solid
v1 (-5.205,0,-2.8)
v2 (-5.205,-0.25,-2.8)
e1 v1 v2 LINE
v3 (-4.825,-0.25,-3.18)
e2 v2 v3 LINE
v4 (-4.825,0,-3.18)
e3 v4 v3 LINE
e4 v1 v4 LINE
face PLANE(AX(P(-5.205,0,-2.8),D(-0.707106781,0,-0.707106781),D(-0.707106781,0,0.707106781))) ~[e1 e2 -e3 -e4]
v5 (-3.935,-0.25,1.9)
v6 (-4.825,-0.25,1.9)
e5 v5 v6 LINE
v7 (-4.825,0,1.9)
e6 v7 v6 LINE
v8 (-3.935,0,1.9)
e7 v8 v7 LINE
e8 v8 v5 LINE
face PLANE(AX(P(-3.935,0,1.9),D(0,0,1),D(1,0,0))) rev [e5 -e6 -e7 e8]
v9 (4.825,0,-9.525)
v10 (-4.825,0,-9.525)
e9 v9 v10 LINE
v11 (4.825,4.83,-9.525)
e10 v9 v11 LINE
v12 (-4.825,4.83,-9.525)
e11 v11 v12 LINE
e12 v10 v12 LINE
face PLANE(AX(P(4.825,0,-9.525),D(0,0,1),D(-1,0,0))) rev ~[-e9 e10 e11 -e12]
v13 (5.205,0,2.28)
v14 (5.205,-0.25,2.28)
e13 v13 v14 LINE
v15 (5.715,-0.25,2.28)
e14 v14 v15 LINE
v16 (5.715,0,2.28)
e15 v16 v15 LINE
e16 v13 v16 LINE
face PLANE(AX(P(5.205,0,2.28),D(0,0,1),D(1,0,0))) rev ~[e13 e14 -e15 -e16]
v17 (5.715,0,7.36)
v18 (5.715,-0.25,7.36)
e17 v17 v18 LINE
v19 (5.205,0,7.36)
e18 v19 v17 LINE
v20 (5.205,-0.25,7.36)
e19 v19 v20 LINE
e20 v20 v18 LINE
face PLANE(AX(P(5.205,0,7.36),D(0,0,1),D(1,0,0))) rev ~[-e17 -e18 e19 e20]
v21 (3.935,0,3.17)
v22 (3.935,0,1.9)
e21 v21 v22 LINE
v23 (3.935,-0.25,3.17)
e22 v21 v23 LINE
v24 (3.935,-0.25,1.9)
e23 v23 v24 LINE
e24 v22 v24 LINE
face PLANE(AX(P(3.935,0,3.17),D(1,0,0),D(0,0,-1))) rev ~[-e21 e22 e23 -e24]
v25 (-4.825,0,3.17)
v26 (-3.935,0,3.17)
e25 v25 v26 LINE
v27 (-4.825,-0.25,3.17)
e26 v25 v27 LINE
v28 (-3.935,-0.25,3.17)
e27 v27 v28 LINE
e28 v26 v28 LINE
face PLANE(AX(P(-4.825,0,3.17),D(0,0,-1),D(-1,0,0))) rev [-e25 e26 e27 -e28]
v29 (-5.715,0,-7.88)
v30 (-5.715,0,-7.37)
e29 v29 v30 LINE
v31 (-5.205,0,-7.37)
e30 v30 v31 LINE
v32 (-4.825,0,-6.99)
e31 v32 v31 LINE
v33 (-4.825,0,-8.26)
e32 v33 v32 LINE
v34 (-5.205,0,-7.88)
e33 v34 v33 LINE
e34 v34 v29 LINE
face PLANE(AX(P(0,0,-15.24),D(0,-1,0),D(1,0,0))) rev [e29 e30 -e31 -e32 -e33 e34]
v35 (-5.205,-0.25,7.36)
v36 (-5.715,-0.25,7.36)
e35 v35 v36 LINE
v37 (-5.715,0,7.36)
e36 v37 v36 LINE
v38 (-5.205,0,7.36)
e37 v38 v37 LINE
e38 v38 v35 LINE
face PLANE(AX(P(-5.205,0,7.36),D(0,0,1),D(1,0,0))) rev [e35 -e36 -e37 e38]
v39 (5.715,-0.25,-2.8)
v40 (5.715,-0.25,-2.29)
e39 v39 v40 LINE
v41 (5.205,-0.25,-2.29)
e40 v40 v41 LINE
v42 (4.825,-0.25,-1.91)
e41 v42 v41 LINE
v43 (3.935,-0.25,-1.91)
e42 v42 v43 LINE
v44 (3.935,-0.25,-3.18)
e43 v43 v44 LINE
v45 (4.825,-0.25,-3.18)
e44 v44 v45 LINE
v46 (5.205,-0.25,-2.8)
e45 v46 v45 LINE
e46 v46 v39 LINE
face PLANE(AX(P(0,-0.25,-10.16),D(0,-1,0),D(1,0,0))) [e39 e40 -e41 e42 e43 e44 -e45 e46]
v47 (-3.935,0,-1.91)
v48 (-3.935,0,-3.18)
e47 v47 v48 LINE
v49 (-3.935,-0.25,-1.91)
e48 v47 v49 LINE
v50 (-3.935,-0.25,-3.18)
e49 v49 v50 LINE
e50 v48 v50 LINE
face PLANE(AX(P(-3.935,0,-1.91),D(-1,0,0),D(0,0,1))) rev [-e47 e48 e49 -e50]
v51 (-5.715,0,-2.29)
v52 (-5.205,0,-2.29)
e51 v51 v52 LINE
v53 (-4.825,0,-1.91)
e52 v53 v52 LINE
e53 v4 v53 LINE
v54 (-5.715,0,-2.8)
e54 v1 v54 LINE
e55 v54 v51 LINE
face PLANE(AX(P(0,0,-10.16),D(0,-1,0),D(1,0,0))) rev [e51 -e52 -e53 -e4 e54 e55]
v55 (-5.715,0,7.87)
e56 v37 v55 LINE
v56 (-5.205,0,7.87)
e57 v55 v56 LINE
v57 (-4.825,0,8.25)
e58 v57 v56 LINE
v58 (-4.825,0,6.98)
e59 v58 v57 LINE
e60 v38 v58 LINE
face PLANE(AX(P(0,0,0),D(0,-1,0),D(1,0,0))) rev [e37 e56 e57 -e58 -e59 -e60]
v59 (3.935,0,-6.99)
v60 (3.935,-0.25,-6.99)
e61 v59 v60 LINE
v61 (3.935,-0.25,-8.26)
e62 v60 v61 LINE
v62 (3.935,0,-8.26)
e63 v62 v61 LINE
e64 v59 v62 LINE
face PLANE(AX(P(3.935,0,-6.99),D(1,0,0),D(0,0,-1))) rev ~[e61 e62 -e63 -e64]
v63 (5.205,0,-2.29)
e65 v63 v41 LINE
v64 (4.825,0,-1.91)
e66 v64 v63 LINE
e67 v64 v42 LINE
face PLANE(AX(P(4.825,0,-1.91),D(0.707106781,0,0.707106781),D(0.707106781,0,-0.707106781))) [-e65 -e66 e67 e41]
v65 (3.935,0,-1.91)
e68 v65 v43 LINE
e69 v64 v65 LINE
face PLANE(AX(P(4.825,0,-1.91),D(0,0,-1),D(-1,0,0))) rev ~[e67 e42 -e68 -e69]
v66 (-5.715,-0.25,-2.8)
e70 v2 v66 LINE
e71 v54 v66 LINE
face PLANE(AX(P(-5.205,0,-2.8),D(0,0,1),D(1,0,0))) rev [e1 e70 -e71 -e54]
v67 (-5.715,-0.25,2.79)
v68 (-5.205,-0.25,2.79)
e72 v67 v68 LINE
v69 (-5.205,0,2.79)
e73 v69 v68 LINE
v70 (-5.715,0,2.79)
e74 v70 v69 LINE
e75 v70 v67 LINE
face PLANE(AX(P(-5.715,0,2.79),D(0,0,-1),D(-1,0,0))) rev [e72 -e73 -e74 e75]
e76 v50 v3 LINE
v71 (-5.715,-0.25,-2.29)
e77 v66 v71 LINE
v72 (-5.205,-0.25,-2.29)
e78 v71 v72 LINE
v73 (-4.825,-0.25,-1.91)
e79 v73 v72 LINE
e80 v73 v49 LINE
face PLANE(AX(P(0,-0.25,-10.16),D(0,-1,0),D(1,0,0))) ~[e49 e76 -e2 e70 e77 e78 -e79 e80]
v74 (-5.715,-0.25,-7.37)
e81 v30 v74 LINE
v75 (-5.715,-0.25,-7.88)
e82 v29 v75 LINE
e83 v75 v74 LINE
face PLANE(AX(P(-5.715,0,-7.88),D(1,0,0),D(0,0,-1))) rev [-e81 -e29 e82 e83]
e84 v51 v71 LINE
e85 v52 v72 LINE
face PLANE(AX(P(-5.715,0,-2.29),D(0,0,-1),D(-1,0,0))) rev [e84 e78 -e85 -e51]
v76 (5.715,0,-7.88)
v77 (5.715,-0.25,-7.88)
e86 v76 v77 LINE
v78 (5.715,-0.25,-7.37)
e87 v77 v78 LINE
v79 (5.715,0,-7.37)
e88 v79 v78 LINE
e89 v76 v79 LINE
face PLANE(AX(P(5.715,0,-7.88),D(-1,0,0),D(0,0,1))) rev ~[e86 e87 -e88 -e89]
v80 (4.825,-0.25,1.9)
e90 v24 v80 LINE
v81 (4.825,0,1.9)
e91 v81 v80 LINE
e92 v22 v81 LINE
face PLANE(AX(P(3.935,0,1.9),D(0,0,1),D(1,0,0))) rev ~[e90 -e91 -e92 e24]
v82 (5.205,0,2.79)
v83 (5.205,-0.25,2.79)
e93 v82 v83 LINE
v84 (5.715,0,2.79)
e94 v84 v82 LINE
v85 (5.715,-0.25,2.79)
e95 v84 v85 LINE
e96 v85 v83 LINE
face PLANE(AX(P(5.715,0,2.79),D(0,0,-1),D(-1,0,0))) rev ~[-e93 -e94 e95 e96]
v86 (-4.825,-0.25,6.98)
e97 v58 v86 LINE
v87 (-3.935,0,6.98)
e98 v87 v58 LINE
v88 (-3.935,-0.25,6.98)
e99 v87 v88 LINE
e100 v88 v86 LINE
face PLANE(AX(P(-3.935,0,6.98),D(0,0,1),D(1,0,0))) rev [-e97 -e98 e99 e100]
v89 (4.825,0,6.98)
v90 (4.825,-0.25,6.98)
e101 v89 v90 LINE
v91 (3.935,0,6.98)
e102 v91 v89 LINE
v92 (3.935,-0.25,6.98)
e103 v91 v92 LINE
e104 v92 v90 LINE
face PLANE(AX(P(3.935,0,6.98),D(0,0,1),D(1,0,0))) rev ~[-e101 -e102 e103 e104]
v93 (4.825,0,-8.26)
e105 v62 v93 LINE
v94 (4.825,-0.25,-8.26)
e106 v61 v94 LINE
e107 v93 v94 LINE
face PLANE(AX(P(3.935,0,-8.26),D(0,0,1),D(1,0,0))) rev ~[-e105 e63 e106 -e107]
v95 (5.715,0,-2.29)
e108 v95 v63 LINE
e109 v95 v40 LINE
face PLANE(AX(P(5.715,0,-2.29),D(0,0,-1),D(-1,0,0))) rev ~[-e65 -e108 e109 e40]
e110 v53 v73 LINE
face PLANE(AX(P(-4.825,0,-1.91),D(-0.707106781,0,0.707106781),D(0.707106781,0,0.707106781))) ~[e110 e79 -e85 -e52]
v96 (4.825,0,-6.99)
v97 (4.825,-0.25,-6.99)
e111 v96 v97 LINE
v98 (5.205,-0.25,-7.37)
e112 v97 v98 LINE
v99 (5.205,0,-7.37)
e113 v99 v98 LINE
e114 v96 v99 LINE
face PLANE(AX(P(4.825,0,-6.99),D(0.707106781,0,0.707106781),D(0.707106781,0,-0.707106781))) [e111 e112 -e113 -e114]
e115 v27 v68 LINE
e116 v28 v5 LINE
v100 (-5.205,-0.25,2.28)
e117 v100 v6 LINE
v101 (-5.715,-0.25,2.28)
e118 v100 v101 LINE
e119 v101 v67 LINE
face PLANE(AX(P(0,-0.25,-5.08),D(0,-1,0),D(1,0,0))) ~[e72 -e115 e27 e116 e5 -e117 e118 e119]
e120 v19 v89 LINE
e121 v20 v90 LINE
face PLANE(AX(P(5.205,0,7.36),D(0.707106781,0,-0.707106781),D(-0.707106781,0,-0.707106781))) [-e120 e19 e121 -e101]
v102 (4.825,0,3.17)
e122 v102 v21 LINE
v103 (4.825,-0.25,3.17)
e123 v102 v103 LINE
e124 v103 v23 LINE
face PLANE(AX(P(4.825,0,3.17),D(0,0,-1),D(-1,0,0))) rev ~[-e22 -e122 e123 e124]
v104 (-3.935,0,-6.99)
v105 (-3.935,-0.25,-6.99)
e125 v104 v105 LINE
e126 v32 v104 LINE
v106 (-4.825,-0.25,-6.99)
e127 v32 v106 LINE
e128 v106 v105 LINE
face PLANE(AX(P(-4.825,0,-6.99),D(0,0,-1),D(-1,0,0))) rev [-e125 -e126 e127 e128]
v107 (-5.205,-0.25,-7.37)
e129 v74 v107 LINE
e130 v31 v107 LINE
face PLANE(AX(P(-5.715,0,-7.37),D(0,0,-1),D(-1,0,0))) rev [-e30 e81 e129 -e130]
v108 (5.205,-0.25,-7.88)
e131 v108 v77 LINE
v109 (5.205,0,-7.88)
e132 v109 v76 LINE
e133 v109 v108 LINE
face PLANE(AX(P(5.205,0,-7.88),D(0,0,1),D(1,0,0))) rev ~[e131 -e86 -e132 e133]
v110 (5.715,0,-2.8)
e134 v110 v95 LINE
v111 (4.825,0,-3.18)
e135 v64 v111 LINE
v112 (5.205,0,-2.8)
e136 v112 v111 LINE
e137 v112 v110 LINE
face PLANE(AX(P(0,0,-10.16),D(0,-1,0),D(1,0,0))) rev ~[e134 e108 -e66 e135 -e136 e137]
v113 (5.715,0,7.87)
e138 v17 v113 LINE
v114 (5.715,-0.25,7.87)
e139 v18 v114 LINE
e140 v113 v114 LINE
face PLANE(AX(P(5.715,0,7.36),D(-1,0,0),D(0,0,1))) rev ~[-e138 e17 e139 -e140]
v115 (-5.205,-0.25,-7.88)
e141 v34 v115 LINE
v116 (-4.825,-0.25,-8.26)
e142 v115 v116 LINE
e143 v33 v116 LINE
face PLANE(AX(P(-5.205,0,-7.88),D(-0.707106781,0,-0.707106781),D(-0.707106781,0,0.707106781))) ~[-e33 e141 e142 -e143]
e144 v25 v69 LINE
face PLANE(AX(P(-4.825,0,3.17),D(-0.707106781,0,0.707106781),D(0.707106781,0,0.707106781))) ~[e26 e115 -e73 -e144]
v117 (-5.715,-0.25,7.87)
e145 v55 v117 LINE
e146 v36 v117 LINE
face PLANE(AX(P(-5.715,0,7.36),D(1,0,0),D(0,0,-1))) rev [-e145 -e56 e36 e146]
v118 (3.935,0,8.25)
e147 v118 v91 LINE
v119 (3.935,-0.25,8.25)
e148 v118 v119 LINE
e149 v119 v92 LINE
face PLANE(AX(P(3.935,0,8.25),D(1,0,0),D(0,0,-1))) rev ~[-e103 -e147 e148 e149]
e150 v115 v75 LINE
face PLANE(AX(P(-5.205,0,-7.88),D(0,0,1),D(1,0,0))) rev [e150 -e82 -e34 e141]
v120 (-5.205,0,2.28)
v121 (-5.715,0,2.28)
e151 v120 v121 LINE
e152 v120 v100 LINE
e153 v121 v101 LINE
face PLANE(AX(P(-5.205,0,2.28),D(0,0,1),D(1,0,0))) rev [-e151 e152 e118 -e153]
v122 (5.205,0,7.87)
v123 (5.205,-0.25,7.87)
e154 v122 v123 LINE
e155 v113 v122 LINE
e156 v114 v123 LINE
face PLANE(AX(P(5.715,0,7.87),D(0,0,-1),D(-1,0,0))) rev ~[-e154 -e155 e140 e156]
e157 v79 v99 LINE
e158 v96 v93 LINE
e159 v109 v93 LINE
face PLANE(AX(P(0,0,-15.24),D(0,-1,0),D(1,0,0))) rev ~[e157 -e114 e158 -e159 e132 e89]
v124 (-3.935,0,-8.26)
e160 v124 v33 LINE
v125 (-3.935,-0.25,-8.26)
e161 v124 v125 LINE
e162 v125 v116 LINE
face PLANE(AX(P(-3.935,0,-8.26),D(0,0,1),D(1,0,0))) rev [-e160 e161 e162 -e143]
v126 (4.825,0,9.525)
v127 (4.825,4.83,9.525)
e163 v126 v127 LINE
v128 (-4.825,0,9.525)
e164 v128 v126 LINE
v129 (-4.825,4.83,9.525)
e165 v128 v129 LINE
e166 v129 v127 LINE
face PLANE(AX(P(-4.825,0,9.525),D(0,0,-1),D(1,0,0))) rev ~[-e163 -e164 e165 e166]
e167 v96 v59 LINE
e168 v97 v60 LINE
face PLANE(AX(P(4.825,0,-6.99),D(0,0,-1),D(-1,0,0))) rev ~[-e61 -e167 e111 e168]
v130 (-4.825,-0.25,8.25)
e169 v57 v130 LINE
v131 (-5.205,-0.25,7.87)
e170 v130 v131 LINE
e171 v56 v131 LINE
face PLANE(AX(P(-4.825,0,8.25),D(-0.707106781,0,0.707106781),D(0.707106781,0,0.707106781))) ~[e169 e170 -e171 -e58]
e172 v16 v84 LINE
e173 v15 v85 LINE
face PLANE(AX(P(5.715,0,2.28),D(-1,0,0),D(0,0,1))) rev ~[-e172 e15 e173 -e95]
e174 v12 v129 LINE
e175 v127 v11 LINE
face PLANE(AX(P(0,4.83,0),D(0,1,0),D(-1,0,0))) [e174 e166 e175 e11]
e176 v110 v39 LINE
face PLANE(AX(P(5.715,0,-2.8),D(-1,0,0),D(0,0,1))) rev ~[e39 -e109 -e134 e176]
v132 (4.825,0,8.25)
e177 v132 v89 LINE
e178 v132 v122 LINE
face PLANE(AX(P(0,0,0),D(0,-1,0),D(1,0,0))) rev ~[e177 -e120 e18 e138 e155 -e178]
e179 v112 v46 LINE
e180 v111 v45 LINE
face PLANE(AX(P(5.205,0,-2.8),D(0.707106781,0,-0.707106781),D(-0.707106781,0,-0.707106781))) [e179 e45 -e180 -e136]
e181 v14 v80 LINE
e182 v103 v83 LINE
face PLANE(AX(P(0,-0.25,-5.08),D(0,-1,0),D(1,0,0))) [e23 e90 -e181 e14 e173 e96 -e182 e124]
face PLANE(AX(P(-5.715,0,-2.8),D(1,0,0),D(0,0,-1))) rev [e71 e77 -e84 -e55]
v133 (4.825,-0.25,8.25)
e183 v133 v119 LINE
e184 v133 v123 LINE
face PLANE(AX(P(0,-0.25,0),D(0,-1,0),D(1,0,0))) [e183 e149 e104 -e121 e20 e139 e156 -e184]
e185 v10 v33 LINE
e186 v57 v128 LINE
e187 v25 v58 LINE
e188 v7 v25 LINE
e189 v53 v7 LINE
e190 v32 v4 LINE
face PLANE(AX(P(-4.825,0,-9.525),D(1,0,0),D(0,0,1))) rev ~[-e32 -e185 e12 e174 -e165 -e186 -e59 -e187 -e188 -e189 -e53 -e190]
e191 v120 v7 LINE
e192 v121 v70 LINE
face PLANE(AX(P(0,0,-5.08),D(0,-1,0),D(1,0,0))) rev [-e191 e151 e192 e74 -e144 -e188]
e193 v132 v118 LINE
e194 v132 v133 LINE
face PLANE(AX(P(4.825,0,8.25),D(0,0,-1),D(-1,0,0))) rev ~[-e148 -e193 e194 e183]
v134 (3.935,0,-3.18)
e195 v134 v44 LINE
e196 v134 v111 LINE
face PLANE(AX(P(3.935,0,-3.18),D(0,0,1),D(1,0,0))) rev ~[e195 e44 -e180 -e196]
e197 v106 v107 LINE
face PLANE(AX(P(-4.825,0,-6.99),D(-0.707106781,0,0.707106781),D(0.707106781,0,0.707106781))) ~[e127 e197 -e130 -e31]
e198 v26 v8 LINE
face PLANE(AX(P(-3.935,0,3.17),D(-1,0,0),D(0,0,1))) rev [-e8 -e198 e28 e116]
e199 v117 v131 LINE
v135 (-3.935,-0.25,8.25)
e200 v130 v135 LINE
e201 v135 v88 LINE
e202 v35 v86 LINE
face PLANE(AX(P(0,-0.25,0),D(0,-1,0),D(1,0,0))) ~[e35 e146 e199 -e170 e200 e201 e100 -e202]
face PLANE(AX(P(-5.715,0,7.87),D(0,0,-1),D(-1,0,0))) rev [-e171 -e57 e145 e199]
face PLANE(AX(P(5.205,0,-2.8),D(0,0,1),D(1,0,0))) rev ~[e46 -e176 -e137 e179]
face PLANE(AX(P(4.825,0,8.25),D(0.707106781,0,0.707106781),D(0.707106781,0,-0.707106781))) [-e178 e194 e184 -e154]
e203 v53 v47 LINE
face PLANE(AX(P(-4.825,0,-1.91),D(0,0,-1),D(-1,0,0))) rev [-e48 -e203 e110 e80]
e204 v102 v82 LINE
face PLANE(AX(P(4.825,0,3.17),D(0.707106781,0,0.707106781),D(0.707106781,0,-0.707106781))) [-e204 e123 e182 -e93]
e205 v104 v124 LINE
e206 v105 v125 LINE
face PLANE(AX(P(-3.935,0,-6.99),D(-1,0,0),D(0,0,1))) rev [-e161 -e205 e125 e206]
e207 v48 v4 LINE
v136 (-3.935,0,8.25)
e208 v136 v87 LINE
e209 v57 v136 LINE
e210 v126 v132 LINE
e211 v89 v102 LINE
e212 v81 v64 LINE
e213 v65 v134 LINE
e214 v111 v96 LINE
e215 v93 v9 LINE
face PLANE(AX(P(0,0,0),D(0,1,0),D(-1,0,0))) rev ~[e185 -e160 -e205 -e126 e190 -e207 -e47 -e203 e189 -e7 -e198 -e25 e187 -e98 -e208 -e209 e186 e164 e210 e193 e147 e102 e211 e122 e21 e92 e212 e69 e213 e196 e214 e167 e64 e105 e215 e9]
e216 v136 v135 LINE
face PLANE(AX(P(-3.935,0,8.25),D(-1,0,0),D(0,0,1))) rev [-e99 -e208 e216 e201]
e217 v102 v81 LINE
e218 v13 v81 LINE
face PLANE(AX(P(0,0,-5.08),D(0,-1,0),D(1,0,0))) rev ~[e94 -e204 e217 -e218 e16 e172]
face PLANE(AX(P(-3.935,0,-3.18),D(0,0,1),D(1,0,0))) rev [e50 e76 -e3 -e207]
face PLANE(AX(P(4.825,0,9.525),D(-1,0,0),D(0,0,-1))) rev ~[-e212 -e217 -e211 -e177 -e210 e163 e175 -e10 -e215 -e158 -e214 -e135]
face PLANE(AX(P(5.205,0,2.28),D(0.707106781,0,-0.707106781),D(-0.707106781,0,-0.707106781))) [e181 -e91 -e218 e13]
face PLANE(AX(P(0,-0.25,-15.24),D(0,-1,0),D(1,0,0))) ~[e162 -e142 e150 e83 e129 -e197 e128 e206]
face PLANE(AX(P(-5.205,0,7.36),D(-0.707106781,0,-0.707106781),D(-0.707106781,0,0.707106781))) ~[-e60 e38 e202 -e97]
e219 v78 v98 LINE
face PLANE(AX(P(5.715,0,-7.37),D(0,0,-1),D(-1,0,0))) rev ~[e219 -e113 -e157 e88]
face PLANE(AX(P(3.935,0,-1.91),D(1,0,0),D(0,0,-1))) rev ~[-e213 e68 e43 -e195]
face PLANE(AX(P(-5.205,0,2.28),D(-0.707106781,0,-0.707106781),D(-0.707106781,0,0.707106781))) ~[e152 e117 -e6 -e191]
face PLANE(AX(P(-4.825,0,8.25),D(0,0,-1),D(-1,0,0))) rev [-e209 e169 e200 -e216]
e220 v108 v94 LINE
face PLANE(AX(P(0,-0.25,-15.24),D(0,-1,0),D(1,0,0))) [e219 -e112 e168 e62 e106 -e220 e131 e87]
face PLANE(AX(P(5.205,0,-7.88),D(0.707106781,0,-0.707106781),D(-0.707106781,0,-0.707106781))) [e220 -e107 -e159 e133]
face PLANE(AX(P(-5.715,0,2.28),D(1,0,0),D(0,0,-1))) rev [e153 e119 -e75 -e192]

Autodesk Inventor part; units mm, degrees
ref_plane "YZ Plane" through (0, 0, 0) normal (1, 0, 0) x (0, 1, 0)
ref_plane "XZ Plane" through (0, 0, 0) normal (0, 1, 0) x (-1, 0, 0)
ref_plane "XY Plane" through (0, 0, 0) normal (0, 0, 1) x (1, 0, 0)
sketch "Sketch1" plane through (0, 0, 0) normal (0, 1, 0) x (-1, 0, 0)
  line L0 (4.825, 9.525) -> (-4.825, 9.525)
  line L1 (-4.825, 9.525) -> (-4.825, -9.525)
  line L2 (-4.825, -9.525) -> (4.825, -9.525)
  line L3 (4.825, -9.525) -> (4.825, 9.525)
  point P0 (0, 0)
  dimension "d0" = 9.65
  dimension "d1" = 4.825
  dimension "d2" = 19.05
  dimension "d3" = 9.525
extrude "Extrusion1" add sketch "Sketch1" along normal blind 4.83
sketch "Sketch2" plane through (0, 0, 0) normal (0, -1, 0) x (1, 0, 0)
  line L0 (5.715, 8.25) -> (3.935, 8.25)
  line L1 (3.935, 8.25) -> (3.935, 6.98)
  line L2 (3.935, 6.98) -> (5.715, 6.98)
  line L3 (5.715, 6.98) -> (5.715, 8.25)
  line L4 (-4.825, 9.525) -> (4.825, 9.525) projected
  line L5 (4.825, 9.525) -> (4.825, -9.525) projected
  line L6 (5.715, 7.87) -> (5.205, 7.87)
  line L7 (5.205, 7.36) -> (5.715, 7.36)
  line L8 (5.715, 7.36) -> (5.715, 7.87)
  line L9 (4.825, 8.25) -> (5.205, 7.87)
  line L10 (5.205, 7.36) -> (4.825, 6.98)
  point P0 (0, 0)
  dimension "d6" = 1.27
  dimension "d7" = 1.78
  dimension "d8" = 5.715
  dimension "d9" = 1.275
  dimension "d10" = 0.51
  dimension "d11" = 0.38
  dimension "d12" = 45
  dimension "d13" = 45
extrude "Extrusion2" add sketch "Sketch2" along normal blind 0.25 contours L5 L2 L1 L0 | L9 L6 L3 L7 L10 L5
pattern_linear "Rectangular Pattern1" count 4 spacing 5.08 along (0, 0, -1) of "Extrusion2"
mirror "Mirror1" about plane through (0, 0, 0) normal (1, 0, 0) of "Extrusion2", "Rectangular Pattern1"
properties part number "MC_YY101"
